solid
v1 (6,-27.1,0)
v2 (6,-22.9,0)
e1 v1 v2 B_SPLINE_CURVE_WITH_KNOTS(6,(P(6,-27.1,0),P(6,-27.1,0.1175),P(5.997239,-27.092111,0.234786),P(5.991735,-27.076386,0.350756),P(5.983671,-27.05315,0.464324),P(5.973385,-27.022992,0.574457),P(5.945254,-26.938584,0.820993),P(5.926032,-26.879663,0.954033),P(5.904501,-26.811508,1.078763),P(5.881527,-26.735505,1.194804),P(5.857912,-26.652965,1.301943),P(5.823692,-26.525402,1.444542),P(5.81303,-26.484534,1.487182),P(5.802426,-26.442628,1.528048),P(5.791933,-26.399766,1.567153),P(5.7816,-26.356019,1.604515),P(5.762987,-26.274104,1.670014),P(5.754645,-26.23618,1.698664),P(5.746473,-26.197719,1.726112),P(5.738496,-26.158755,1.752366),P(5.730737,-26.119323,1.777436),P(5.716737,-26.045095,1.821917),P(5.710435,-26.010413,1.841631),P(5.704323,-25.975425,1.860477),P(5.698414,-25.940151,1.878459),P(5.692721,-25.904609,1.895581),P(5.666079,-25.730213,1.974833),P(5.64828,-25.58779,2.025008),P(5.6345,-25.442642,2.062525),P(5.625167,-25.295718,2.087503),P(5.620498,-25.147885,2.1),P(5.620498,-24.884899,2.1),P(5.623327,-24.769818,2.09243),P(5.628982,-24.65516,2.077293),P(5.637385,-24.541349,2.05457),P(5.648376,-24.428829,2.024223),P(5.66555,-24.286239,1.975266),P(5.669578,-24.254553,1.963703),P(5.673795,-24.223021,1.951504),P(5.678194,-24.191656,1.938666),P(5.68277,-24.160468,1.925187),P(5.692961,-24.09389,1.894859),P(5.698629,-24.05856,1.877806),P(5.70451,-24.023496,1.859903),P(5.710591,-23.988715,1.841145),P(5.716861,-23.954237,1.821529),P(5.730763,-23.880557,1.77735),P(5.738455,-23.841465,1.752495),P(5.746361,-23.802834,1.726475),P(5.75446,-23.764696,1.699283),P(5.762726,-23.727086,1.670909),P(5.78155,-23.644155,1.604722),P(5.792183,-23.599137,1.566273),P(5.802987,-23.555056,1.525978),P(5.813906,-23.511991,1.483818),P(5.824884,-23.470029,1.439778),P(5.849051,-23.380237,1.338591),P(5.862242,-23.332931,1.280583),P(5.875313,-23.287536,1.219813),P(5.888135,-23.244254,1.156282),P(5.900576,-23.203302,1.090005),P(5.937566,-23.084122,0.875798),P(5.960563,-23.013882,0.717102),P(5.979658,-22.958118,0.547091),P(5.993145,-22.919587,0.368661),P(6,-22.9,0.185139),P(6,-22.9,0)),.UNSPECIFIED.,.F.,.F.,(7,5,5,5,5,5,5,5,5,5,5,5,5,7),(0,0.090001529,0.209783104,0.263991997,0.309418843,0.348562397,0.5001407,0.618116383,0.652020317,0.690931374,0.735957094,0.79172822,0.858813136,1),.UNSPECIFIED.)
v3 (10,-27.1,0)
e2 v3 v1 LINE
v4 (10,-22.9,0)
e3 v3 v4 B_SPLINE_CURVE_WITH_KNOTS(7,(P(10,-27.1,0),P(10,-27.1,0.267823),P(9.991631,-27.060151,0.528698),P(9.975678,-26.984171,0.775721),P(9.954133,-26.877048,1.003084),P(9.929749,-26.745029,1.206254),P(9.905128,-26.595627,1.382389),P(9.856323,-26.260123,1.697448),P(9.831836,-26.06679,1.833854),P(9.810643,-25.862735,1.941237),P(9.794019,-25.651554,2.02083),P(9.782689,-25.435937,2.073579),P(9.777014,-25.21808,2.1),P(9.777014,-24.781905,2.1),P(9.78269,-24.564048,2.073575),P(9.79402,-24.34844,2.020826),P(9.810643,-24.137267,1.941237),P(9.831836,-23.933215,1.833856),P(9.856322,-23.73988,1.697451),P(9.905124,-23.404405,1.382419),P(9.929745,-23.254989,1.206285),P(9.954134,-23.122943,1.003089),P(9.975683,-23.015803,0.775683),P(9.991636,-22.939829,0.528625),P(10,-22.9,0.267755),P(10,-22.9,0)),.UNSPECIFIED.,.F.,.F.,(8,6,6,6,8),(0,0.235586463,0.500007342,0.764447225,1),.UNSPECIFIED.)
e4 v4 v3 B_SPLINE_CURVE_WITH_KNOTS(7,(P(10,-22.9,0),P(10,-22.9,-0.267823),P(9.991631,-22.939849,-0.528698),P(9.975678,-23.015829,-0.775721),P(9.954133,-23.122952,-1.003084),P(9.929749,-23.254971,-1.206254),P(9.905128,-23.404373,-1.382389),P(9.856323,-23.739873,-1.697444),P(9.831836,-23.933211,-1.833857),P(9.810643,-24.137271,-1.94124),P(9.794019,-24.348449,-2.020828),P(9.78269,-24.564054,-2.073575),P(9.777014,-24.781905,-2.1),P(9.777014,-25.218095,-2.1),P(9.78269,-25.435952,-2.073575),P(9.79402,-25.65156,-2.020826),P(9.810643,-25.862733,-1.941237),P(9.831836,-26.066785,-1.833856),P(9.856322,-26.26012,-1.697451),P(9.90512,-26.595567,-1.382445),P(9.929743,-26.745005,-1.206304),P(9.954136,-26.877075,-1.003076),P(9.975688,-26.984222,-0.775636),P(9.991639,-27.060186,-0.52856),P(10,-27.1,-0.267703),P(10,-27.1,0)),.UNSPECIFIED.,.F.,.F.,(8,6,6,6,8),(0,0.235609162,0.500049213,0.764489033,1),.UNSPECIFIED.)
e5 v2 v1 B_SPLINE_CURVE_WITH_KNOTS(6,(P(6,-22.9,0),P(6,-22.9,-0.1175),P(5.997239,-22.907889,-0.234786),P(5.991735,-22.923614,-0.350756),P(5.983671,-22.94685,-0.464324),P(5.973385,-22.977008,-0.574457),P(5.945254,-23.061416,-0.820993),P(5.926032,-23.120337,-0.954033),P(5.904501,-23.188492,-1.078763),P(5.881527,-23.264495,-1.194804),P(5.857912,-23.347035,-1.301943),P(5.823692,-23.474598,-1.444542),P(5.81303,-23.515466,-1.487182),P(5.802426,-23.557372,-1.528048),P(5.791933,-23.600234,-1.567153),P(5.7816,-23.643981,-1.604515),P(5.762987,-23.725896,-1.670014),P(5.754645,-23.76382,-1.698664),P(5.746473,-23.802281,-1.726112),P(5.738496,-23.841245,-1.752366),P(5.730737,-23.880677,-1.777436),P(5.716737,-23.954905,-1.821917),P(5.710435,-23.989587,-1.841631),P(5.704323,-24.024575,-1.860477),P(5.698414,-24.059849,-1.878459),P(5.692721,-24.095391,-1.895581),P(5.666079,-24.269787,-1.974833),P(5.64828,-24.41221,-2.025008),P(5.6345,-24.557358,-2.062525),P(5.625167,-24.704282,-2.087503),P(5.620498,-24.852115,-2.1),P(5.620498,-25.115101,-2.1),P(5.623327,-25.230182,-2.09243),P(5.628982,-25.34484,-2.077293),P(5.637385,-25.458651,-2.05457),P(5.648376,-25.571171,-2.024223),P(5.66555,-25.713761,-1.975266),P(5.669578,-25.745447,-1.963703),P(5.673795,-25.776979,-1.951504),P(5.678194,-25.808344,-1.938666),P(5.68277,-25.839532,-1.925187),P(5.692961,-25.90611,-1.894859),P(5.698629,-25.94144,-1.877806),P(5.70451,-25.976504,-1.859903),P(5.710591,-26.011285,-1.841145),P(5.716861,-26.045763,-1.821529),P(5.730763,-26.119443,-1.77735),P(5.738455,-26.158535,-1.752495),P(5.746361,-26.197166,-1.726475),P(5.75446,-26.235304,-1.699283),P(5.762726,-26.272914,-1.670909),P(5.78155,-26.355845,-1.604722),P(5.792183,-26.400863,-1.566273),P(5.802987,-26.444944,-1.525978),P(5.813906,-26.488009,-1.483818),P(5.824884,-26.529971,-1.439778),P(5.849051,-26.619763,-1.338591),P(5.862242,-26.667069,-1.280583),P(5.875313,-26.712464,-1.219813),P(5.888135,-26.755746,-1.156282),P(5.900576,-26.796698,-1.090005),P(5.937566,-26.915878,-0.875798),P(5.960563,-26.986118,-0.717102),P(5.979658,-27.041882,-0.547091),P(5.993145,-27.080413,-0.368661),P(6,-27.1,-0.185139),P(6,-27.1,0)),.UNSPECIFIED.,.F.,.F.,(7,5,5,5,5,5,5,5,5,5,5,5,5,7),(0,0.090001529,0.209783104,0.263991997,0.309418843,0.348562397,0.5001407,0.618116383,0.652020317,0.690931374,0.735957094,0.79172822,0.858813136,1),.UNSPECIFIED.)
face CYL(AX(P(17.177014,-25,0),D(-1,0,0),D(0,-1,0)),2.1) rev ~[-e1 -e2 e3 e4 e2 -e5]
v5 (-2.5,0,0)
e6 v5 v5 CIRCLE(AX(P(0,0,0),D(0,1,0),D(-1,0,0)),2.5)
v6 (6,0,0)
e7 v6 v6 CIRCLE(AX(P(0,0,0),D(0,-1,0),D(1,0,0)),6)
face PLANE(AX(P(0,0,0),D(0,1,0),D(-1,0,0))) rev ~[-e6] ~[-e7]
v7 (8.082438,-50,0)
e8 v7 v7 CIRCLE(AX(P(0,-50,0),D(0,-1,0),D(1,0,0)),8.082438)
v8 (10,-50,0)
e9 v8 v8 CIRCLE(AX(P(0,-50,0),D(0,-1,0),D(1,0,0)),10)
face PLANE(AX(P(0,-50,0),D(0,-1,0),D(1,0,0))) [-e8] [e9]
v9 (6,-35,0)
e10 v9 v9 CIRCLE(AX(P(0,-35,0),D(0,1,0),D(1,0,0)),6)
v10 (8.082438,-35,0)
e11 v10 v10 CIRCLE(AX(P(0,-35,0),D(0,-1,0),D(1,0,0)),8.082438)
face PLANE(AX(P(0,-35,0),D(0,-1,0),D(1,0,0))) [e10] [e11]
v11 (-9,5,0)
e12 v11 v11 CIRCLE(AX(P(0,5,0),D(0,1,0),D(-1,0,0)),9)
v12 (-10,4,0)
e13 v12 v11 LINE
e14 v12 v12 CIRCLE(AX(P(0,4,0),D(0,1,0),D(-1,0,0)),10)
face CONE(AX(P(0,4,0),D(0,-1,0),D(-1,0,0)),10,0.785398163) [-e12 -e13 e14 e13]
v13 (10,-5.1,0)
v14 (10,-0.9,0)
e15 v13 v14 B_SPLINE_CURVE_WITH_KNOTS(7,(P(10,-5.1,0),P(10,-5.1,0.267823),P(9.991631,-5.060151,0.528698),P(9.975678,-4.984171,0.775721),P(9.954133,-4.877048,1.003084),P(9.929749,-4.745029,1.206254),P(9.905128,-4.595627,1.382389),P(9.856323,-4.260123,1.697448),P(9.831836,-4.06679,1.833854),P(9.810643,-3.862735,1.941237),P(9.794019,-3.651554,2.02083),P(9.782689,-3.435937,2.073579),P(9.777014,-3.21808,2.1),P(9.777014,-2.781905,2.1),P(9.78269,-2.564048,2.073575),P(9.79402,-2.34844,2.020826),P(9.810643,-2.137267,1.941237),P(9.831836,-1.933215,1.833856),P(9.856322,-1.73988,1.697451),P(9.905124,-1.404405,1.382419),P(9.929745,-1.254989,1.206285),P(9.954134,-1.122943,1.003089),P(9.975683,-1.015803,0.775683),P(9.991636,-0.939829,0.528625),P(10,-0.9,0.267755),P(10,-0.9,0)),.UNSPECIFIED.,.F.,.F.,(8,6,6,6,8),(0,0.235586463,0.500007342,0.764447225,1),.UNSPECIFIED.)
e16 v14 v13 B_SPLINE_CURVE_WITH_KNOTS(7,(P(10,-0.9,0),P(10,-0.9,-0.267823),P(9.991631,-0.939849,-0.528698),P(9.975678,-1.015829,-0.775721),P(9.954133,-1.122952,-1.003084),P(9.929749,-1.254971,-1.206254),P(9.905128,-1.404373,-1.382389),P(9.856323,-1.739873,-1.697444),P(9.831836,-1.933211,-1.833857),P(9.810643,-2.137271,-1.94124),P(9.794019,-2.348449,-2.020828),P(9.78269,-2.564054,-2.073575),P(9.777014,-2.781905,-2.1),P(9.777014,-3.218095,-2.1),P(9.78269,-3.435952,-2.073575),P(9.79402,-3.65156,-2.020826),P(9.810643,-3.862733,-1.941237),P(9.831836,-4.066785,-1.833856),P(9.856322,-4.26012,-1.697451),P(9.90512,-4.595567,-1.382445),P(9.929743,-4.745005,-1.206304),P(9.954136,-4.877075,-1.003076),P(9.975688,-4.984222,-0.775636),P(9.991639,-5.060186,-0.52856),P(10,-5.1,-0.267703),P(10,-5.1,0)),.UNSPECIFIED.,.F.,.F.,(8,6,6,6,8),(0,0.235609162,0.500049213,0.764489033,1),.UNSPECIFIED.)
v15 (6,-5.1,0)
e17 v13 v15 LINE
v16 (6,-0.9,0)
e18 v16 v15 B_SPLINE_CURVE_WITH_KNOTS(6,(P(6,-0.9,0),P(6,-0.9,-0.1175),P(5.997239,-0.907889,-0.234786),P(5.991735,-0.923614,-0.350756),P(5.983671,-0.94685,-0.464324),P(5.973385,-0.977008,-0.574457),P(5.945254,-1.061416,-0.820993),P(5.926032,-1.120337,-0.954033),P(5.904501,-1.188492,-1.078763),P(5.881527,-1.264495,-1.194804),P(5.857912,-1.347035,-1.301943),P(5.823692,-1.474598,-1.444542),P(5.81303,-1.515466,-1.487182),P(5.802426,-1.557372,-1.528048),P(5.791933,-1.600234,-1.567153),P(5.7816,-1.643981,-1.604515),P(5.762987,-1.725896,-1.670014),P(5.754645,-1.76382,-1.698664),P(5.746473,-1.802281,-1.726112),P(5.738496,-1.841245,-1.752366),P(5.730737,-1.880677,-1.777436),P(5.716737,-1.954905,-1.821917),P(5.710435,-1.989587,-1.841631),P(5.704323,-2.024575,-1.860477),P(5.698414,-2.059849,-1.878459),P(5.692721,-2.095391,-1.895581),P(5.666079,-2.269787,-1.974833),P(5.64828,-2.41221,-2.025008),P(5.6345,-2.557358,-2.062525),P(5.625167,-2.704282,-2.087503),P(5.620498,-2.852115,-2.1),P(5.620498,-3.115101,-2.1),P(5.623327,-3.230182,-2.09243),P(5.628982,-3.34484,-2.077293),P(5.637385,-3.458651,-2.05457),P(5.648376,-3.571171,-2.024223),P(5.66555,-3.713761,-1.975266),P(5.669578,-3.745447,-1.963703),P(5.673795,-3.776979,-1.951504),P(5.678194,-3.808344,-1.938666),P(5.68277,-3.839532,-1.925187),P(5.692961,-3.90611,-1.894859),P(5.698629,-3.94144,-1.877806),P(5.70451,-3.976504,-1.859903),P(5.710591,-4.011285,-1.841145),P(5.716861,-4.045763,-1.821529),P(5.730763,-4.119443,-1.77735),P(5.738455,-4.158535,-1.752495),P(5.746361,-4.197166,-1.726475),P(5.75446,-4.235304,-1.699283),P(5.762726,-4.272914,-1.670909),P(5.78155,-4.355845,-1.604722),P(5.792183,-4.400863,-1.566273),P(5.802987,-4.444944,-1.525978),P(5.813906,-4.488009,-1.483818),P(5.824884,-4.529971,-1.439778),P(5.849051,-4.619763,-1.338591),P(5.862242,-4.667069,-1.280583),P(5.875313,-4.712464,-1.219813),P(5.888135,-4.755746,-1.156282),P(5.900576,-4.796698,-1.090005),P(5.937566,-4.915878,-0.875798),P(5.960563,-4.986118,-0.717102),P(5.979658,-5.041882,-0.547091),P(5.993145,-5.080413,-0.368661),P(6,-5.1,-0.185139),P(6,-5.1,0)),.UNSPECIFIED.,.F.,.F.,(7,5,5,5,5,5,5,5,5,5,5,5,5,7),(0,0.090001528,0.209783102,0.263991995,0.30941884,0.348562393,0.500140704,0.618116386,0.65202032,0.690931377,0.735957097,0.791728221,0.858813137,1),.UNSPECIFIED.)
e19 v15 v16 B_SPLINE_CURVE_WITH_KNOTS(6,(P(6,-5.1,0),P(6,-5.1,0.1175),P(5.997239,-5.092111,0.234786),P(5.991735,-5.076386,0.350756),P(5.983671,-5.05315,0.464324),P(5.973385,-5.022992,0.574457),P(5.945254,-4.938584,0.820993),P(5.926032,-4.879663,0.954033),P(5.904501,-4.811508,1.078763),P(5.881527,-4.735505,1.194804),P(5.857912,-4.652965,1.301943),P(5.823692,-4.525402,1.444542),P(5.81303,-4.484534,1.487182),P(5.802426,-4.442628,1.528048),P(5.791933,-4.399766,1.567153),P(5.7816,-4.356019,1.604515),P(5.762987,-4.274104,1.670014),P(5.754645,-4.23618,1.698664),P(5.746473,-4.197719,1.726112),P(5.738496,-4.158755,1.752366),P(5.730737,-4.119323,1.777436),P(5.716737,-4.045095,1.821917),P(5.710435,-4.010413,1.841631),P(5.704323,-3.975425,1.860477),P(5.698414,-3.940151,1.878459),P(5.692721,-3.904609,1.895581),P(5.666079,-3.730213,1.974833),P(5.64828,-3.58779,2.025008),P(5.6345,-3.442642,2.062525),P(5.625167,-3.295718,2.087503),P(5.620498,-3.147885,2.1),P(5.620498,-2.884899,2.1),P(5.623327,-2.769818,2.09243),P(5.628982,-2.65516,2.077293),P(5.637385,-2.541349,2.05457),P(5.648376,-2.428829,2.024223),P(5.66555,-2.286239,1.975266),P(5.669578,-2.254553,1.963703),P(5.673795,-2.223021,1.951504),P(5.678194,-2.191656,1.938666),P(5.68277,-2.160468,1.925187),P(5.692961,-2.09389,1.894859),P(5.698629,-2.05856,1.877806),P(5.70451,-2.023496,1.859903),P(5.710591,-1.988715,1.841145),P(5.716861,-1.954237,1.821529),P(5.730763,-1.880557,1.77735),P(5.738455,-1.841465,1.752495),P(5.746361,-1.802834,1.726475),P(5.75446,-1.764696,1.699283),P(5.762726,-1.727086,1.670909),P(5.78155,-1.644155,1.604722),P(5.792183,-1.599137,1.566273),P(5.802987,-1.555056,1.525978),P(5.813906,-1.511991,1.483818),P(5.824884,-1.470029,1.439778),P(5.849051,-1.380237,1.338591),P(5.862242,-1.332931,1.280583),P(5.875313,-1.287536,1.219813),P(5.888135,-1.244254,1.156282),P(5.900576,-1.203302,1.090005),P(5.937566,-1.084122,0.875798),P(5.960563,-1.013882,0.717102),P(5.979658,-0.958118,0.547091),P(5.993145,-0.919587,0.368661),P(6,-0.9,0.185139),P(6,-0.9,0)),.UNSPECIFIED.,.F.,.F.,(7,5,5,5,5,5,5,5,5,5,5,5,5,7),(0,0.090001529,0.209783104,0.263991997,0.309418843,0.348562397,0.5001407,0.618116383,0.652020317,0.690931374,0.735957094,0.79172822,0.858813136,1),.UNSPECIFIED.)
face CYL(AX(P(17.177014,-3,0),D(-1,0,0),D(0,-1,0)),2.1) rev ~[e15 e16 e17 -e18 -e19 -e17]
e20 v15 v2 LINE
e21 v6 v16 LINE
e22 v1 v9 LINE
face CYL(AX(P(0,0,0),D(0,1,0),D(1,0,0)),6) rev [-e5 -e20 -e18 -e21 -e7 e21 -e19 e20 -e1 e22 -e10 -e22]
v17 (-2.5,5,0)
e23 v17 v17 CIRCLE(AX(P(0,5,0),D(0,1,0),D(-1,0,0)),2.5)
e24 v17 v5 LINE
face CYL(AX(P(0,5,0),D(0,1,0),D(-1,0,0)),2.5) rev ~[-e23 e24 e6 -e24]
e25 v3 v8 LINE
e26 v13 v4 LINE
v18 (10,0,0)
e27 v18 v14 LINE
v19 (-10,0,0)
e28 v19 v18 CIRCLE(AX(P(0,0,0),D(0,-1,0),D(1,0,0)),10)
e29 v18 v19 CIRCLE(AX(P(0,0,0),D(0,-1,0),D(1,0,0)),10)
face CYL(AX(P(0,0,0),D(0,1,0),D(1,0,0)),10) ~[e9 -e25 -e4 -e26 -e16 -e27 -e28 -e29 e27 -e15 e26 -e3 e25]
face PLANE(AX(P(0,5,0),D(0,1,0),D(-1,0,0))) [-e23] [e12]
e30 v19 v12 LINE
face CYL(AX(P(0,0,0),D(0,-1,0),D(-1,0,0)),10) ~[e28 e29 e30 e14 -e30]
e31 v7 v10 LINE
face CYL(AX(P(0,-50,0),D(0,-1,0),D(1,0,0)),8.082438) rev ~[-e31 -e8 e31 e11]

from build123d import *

# Parameters (mm, degrees)
F0_R      = 10
F0_R_2    = 6
F1_DEPTH  = 50
F2_R      = 10
F3_DEPTH  = 5
F4_R      = 8.0824379909
F5_DEPTH  = 15
F6_R      = 2.5
F7_DEPTH  = 55.001
F8_SIZE   = 1
F11_D     = 4.2
F11_DEPTH = 7.4
F11_START = 0.2229862
F11_TIP   = 1.2618073


with BuildPart() as f1:
    # F0 (on Front) → F1 (new body)
    with BuildSketch(Plane.XZ):
        Circle(F0_R)
        Circle(F0_R_2, mode=Mode.SUBTRACT)
    extrude(amount=F1_DEPTH)

    # F2 (on face) → F3 (join)
    with BuildSketch(Plane(origin=(0, 0, 0), x_dir=(-1, 0, 0), z_dir=(0, 1, 0))):
        Circle(F2_R)
    extrude(amount=F3_DEPTH)

    # F4 (on face) → F5 (cut)
    with BuildSketch(Plane.XZ.offset(50)):
        Circle(F4_R)
    extrude(amount=-F5_DEPTH, mode=Mode.SUBTRACT)

    # F6 (on face) → F7 (cut, through all)
    with BuildSketch(Plane(origin=(0, 5, 0), x_dir=(-1, 0, 0), z_dir=(0, 1, 0))):
        Circle(F6_R)
    extrude(amount=-F7_DEPTH, mode=Mode.SUBTRACT)

    # F8
    f8_edges = [f1.edges().sort_by_distance(p)[0] for p in [
        (10, 5, 0),
    ]]
    chamfer(f8_edges, length=F8_SIZE)

    # F11
    # its depths count from where the whole tool has entered the part; down to there all is cleared
    with Locations(Plane.YZ.offset(10).offset(-F11_START)):
        with Locations((-25, 0), (-3, 0)):
            Hole(F11_D / 2, depth=F11_DEPTH)
            with Locations((0, 0, -(F11_DEPTH + F11_TIP / 2))):  # 118° drill point
                Cone(0, F11_D / 2, F11_TIP, mode=Mode.SUBTRACT)


solid = f1.part
